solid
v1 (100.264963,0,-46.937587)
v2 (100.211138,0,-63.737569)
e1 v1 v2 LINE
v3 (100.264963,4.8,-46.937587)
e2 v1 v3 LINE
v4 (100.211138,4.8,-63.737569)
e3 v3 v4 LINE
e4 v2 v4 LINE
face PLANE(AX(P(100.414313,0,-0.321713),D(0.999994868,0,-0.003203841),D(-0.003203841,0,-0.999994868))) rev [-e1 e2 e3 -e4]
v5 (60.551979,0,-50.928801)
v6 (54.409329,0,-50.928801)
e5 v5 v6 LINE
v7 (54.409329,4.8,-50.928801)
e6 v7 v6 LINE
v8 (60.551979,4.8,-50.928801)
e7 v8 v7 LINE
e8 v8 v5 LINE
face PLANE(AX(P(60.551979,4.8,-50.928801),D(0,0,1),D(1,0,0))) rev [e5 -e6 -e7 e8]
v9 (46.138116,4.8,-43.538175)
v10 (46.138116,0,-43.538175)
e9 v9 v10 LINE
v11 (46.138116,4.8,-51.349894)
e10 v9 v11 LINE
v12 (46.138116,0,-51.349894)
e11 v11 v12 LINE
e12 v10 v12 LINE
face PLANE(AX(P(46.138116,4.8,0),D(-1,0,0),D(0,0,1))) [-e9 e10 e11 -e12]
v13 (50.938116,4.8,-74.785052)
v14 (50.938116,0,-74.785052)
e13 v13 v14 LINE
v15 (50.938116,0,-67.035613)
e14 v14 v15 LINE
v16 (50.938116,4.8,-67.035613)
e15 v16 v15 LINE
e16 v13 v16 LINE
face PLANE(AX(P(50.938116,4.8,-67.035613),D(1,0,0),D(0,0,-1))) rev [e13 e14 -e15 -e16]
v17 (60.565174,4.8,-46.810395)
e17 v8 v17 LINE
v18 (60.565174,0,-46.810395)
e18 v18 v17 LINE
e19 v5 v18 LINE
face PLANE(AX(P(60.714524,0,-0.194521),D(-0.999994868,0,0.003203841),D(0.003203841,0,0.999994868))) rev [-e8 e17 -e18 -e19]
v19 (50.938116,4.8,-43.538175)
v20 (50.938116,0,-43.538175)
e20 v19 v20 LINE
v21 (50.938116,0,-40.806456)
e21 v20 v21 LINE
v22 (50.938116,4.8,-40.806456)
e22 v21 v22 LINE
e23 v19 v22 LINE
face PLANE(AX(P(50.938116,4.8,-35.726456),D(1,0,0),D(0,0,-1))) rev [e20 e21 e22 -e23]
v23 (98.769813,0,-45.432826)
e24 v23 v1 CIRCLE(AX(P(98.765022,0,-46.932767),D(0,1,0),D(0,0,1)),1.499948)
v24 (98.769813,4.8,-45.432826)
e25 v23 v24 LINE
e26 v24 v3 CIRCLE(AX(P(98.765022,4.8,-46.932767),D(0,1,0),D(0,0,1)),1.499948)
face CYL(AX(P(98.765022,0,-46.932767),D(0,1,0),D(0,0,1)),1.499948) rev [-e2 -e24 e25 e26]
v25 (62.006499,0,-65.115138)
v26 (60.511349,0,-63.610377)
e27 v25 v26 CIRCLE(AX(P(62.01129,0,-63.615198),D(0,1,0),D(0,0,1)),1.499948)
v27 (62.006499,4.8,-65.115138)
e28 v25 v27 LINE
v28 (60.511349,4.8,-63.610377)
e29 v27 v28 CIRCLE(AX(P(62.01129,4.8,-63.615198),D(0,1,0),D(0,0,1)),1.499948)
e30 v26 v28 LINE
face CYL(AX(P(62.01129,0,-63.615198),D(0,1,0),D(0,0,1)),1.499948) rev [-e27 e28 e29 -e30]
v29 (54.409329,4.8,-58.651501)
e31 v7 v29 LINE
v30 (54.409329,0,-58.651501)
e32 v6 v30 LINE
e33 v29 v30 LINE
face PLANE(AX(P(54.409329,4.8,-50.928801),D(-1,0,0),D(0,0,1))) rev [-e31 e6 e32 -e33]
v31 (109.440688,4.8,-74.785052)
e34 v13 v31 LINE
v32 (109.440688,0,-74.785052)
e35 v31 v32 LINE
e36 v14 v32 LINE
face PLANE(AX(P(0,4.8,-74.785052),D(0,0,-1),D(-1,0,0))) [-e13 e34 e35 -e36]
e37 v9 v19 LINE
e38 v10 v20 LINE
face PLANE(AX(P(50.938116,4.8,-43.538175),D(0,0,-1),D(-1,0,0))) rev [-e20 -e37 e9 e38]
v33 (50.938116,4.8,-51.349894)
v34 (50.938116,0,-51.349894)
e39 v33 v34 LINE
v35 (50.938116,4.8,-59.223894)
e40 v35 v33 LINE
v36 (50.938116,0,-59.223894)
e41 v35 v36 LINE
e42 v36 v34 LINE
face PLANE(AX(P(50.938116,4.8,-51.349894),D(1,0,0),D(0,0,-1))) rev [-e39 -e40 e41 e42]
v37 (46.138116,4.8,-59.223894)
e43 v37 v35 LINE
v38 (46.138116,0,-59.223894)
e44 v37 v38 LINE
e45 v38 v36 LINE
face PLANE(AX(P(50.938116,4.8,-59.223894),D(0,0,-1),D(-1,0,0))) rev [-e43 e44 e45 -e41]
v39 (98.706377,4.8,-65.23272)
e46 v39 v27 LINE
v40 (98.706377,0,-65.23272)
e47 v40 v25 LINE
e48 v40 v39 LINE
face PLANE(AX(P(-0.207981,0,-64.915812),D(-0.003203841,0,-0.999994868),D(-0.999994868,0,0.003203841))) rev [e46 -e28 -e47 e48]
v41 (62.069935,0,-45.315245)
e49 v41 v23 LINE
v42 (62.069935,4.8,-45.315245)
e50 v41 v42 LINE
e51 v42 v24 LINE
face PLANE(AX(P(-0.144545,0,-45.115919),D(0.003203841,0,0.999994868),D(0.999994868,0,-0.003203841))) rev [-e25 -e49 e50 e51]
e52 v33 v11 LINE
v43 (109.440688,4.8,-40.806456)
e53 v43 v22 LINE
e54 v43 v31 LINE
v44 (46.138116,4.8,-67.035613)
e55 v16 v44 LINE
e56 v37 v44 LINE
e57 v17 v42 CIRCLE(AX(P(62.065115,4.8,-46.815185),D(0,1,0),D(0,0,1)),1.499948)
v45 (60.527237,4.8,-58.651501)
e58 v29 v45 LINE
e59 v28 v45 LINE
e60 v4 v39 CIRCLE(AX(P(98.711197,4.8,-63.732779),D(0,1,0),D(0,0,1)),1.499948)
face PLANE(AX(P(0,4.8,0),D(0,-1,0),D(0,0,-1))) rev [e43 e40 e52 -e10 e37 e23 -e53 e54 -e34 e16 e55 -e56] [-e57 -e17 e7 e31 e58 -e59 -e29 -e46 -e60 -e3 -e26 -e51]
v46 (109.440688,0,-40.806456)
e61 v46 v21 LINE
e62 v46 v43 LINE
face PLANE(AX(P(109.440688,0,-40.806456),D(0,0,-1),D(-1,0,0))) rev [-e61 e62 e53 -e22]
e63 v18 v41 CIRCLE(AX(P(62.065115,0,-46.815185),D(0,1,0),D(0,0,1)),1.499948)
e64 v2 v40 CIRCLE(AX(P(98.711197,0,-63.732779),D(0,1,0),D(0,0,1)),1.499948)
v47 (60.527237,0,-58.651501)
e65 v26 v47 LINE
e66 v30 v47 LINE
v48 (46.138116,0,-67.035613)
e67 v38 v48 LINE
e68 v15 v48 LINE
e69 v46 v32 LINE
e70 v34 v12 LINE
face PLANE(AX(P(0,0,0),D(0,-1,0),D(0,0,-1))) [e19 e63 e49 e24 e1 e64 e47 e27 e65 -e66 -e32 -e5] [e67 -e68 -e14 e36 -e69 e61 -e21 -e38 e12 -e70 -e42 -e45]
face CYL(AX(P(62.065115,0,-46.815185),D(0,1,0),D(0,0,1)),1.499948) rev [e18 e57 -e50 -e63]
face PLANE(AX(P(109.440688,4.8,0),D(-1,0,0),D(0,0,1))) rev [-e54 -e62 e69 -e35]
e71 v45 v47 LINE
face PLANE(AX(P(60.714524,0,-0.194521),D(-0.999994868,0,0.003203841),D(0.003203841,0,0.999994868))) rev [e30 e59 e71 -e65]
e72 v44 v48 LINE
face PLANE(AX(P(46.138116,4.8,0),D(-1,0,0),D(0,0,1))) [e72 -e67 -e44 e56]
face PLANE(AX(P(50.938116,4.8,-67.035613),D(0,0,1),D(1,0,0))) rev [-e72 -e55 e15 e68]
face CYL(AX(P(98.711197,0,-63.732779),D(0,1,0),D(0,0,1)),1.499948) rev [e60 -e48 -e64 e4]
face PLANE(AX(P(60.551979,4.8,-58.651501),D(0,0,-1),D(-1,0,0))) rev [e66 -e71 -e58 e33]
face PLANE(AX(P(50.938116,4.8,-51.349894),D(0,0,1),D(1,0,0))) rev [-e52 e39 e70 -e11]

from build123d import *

# Parameters (mm, degrees)
SKETCH1_W           = 127
SKETCH1_H           = 101.6
BOSS_EXTRUDE1_DEPTH = 4.800000052
CUT_EXTRUDE1_DEPTH  = 163.710171779
SKETCH4_W           = 127
SKETCH4_H           = 101.6
SKETCH4_W_2         = 63.302571571
SKETCH4_H_2         = 39.058596
CUT_EXTRUDE3_DEPTH  = 163.710171779
SKETCH5_W           = 4.800000052
SKETCH5_H           = 7.8117192
SKETCH5_H_2         = 7.874
SKETCH5_H_3         = 7.7494384
CUT_EXTRUDE4_DEPTH  = 133.639014141
SKETCH6_W           = 6.142649692
SKETCH6_H           = 7.722699729
CUT_EXTRUDE5_DEPTH  = 133.639014141
SKETCH7_W           = 58.502571519
SKETCH7_H           = 5.08
CUT_EXTRUDE6_DEPTH  = 133.639014141


with BuildPart() as part:
    # Sketch1 → Boss-Extrude1 (new body)
    with BuildSketch(Plane(origin=(0, 0, 0), x_dir=(1, 0, 0), z_dir=(0, 1, 0))):
        with Locations((63.5, 50.8)):
            Rectangle(SKETCH1_W, SKETCH1_H)
    extrude(amount=BOSS_EXTRUDE1_DEPTH)

    # Sketch3 → Cut-Extrude1 (cut, through all)
    with BuildSketch(Plane(origin=(0, 4.800000052, 0), x_dir=(1, 0, 0), z_dir=(0, 1, 0))):
        with BuildLine():
            Line((62.069935242, 45.315244869), (98.769812683, 45.432826029))
            ThreePointArc((98.769812683, 45.432826029), (99.829038472, 45.875546579), (100.264962787, 46.93758742))
            Line((100.264962787, 46.93758742), (100.211138047, 63.737569431))
            ThreePointArc((100.211138047, 63.737569431), (99.768417497, 64.79679522), (98.706376655, 65.232719535))
            Line((98.706376655, 65.232719535), (62.006499215, 65.115138375))
            ThreePointArc((62.006499215, 65.115138375), (60.947273426, 64.672417825), (60.51134911, 63.610376984))
            Line((60.51134911, 63.610376984), (60.565173851, 46.810394973))
            ThreePointArc((60.565173851, 46.810394973), (61.007894401, 45.751169184), (62.069935242, 45.315244869))
        make_face()
    extrude(amount=-CUT_EXTRUDE1_DEPTH, mode=Mode.SUBTRACT)

    # Sketch4 → Cut-Extrude3 (cut, through all)
    with BuildSketch(Plane.XZ):
        with Locations((63.5, -50.8)):
            Rectangle(SKETCH4_W, SKETCH4_H)
        with Locations((77.789401758, -55.255753861)):
            Rectangle(SKETCH4_W_2, SKETCH4_H_2, mode=Mode.SUBTRACT)
    extrude(amount=-CUT_EXTRUDE3_DEPTH, mode=Mode.SUBTRACT)

    # Sketch5 → Cut-Extrude4 (cut, through all)
    with BuildSketch(Plane.XZ):
        with Locations((48.538115998, -39.632315461)):
            Rectangle(SKETCH5_W, SKETCH5_H)
        with Locations((48.538115998, -55.286894261)):
            Rectangle(SKETCH5_W, SKETCH5_H_2)
        with Locations((48.538115998, -70.910332661)):
            Rectangle(SKETCH5_W, SKETCH5_H_3)
    extrude(amount=-CUT_EXTRUDE4_DEPTH, mode=Mode.SUBTRACT)

    # Sketch6 → Cut-Extrude5 (cut, through all)
    with BuildSketch(Plane.XZ):
        with Locations((57.480654221, -54.790150784)):
            Rectangle(SKETCH6_W, SKETCH6_H)
    extrude(amount=-CUT_EXTRUDE5_DEPTH, mode=Mode.SUBTRACT)

    # Sketch7 → Cut-Extrude6 (cut, through all)
    with BuildSketch(Plane(origin=(0, 4.800000052, 0), x_dir=(1, 0, 0), z_dir=(0, 1, 0))):
        with Locations((80.189401784, 38.266455861)):
            Rectangle(SKETCH7_W, SKETCH7_H)
    extrude(amount=-CUT_EXTRUDE6_DEPTH, mode=Mode.SUBTRACT)


solid = part.part
